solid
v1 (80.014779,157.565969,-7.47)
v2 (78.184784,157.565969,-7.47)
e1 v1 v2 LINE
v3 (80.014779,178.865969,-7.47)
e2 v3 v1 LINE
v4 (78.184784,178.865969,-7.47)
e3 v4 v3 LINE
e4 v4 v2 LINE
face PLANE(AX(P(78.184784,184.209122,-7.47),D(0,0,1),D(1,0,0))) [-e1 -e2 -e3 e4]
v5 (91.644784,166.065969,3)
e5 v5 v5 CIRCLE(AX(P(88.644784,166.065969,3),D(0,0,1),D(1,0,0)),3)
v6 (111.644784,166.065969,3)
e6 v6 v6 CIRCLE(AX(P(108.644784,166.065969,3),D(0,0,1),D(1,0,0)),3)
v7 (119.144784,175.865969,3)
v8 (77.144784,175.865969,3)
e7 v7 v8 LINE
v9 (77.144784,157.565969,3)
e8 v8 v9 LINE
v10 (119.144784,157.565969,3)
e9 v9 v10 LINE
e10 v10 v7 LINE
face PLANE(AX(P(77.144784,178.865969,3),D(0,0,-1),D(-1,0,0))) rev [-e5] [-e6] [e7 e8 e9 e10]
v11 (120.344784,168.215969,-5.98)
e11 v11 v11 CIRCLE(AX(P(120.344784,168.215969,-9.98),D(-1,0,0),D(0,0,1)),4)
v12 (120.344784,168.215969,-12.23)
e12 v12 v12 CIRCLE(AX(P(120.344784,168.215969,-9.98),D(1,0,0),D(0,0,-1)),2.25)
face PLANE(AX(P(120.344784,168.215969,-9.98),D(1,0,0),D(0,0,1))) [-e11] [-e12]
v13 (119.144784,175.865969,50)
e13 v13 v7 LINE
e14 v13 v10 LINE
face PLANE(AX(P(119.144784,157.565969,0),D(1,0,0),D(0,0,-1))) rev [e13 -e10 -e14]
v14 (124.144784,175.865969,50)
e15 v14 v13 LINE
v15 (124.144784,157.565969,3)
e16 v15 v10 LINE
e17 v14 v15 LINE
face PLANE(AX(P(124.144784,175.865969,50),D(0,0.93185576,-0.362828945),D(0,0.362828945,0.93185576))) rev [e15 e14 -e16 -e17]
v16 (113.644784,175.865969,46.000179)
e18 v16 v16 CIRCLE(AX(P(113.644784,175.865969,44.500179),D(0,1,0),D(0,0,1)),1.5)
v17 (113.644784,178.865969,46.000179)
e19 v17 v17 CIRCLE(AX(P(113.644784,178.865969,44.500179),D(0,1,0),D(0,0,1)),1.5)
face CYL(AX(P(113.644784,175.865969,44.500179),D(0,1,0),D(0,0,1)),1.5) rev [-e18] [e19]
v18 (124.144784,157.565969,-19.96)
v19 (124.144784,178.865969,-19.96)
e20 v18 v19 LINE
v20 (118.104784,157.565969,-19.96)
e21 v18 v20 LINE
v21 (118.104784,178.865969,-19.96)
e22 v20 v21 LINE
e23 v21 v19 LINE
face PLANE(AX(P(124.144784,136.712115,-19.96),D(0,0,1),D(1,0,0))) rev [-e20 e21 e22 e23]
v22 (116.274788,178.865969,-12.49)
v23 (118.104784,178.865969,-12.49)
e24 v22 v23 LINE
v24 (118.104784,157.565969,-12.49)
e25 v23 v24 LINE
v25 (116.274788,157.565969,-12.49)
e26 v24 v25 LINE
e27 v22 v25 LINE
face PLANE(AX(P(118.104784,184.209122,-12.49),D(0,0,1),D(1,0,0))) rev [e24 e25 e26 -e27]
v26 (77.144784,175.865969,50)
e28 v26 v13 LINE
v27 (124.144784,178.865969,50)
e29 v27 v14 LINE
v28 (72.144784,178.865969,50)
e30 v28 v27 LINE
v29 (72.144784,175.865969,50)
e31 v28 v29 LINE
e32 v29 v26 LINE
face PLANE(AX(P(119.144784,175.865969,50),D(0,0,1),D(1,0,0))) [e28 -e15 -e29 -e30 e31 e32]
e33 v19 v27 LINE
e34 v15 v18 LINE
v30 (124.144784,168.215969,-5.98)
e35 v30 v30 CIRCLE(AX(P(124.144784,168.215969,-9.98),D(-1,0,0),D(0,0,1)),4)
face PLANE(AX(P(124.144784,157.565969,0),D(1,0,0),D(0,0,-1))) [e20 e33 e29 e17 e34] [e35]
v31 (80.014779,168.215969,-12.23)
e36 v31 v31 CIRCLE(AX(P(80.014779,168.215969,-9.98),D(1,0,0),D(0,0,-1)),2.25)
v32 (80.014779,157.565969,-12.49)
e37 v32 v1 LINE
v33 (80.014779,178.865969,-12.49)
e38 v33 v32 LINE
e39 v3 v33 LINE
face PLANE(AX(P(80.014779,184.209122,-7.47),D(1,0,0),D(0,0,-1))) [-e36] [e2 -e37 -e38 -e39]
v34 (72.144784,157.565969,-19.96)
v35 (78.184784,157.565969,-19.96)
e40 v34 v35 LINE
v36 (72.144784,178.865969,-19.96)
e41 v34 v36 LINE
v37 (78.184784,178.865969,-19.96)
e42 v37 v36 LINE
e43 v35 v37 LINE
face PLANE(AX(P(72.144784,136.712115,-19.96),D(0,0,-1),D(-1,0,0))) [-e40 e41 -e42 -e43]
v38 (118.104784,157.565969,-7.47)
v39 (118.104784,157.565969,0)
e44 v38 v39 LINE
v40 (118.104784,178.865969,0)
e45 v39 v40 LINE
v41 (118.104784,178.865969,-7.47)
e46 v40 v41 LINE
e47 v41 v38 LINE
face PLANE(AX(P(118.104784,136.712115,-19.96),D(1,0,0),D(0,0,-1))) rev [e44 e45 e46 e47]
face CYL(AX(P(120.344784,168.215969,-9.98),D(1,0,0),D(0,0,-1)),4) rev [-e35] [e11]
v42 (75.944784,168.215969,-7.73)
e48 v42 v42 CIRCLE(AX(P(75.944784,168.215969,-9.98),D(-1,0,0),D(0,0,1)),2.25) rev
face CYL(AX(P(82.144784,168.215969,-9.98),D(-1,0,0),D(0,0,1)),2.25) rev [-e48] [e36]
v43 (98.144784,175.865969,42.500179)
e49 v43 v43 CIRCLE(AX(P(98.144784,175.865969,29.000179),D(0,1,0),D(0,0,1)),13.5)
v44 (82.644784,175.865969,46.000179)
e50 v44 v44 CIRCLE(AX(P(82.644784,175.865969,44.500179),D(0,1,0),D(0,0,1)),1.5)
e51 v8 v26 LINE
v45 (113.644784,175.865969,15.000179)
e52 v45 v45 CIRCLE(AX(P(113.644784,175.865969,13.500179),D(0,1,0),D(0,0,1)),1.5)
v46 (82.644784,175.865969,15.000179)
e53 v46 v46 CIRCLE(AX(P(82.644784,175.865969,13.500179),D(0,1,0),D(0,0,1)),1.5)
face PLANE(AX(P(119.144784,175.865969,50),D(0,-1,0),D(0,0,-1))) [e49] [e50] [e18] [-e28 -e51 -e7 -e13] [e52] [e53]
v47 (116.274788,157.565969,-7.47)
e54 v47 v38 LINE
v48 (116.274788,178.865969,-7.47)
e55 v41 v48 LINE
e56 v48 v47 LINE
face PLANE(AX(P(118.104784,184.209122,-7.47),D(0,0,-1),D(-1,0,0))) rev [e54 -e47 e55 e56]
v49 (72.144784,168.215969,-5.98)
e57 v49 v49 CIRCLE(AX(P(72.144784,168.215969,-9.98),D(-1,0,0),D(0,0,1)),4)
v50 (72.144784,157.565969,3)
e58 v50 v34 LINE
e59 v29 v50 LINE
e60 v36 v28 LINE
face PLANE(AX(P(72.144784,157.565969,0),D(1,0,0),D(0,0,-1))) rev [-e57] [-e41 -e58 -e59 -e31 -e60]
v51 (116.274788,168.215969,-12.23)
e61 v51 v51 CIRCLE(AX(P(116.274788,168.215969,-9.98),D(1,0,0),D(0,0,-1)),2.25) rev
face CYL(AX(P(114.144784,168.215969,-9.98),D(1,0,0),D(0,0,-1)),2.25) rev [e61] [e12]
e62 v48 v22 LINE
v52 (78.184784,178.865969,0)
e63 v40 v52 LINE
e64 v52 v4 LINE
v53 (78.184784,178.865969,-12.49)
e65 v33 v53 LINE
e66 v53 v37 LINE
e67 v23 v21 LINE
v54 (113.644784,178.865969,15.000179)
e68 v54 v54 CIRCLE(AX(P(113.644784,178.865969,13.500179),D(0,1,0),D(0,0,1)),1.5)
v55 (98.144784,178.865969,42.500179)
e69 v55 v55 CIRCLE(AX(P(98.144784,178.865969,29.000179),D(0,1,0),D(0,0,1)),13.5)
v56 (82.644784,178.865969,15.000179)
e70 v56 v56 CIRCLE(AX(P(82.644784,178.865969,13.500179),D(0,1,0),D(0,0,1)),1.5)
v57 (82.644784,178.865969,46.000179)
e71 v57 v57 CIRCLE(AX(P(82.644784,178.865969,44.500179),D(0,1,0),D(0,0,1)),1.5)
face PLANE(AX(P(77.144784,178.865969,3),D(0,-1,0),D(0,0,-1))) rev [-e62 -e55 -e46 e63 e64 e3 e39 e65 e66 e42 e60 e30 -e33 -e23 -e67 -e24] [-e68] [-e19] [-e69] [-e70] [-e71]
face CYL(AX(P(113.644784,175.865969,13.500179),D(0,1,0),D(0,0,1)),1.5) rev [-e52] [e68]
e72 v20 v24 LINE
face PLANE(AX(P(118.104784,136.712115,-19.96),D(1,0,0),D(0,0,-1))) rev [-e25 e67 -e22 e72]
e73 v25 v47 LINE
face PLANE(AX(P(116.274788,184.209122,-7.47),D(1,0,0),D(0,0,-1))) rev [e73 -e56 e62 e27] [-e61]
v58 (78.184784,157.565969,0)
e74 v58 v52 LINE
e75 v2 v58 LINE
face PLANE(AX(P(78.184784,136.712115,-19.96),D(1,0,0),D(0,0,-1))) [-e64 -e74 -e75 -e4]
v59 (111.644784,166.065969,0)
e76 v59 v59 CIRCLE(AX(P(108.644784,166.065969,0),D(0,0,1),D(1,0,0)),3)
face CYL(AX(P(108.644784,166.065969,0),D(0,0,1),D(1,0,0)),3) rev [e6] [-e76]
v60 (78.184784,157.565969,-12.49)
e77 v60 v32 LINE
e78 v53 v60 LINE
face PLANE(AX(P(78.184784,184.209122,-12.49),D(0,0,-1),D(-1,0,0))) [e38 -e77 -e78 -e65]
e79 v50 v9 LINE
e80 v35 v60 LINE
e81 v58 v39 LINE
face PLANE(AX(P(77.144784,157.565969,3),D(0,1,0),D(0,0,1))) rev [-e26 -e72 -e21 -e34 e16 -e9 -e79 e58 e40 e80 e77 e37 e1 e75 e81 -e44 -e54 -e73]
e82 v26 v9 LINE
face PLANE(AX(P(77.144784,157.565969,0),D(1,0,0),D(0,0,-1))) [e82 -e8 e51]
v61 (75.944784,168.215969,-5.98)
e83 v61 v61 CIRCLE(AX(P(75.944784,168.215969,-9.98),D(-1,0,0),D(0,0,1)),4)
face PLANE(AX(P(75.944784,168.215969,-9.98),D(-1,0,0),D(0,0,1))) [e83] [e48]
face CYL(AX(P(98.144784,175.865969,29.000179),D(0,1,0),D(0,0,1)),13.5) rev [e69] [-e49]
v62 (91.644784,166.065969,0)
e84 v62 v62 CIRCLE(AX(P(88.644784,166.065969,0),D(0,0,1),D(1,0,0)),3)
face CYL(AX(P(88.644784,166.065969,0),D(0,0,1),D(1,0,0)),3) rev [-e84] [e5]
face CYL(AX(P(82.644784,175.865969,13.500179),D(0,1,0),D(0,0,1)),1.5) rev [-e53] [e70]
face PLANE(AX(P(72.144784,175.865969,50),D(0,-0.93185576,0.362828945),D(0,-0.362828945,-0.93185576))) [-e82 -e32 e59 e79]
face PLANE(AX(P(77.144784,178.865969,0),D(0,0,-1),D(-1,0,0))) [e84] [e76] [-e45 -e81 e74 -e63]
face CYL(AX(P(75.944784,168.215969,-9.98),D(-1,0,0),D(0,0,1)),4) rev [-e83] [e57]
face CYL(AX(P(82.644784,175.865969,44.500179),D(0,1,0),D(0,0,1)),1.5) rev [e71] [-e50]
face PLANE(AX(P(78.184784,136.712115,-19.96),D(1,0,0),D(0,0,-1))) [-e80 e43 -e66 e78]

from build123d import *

# Parameters (mm, degrees)
SKETCH1_W           = 42
SKETCH1_H           = 21.3
BOSS_EXTRUDE1_DEPTH = 3
SKETCH2_R           = 3
CUT_EXTRUDE1_DEPTH  = 3
SKETCH4_W           = 42
SKETCH4_H           = 50
SKETCH4_R           = 1.5
SKETCH4_R_2         = 13.5
BOSS_EXTRUDE2_DEPTH = 3
BOSS_EXTRUDE3_DEPTH = 5
BOSS_EXTRUDE4_START = -42
BOSS_EXTRUDE4_DEPTH = 5
SKETCH6_W           = 6.04
SKETCH6_H           = 19.96
BOSS_EXTRUDE5_DEPTH = 21.3
SKETCH8_W           = 1.829995551
SKETCH8_H           = 5.02
BOSS_EXTRUDE6_DEPTH = 21.3
SKETCH7_R           = 2.25
CUT_EXTRUDE2_DEPTH  = 10
SKETCH9_R           = 4
CUT_EXTRUDE3_DEPTH  = 3.8


with BuildPart() as part:
    # Sketch1 → Boss-Extrude1 (new body)
    with BuildSketch(Plane.XY):
        with Locations((98.144783915, 168.215968794)):
            Rectangle(SKETCH1_W, SKETCH1_H)
    extrude(amount=BOSS_EXTRUDE1_DEPTH)

    # Sketch2 → Cut-Extrude1 (cut)
    with BuildSketch(Plane.XY.offset(3)):
        with Locations((108.644783915, 166.065968794)):
            Circle(SKETCH2_R)
        with Locations((88.644783915, 166.065968794)):
            Circle(SKETCH2_R)
    extrude(amount=-CUT_EXTRUDE1_DEPTH, mode=Mode.SUBTRACT)

    # Sketch4 → Boss-Extrude2 (add)
    with BuildSketch(Plane(origin=(0, 178.865968794, 0), x_dir=(-1, 0, 0), z_dir=(0, 1, 0))):
        with Locations((-98.144783915, 25)):
            Rectangle(SKETCH4_W, SKETCH4_H)
        with Locations((-113.644783915, 44.500179206)):
            Circle(SKETCH4_R, mode=Mode.SUBTRACT)
        with Locations((-82.644783915, 44.500179206)):
            Circle(SKETCH4_R, mode=Mode.SUBTRACT)
        with Locations((-82.644783915, 13.500179206)):
            Circle(SKETCH4_R, mode=Mode.SUBTRACT)
        with Locations((-113.644783915, 13.500179206)):
            Circle(SKETCH4_R, mode=Mode.SUBTRACT)
        with Locations((-98.144783915, 29.000179206)):
            Circle(SKETCH4_R_2, mode=Mode.SUBTRACT)
    extrude(amount=-BOSS_EXTRUDE2_DEPTH)

    # Sketch5 → Boss-Extrude3 (add)
    with BuildSketch(Plane(origin=(119.144783915, 0, 0), x_dir=(0, 0, -1), z_dir=(1, 0, 0))):
        Polygon((0, 157.565968794), (0, 178.865968794), (-50, 178.865968794), (-50, 175.865968794), (-3, 157.565968794), align=None)
    extrude(amount=BOSS_EXTRUDE3_DEPTH)

    # Sketch5<3> → Boss-Extrude4 (add)
    with BuildSketch(Plane(origin=(119.144783915, 0, 0), x_dir=(0, 0, -1), z_dir=(1, 0, 0)).offset(BOSS_EXTRUDE4_START)):
        Polygon((0, 157.565968794), (0, 178.865968794), (-50, 178.865968794), (-50, 175.865968794), (-3, 157.565968794), align=None)
    extrude(amount=-BOSS_EXTRUDE4_DEPTH)

    # Sketch6 → Boss-Extrude5 (add)
    with BuildSketch(Plane(origin=(0, 178.865968794, 0), x_dir=(1, 0, 0), z_dir=(0, 1, 0))):
        with Locations((75.164783915, 9.98)):
            Rectangle(SKETCH6_W, SKETCH6_H)
    boss_extrude5 = extrude(amount=-BOSS_EXTRUDE5_DEPTH)

    # Sketch8 → Boss-Extrude6 (add)
    with BuildSketch(Plane(origin=(0, 157.565968794, 0), x_dir=(-1, 0, 0), z_dir=(0, -1, 0))):
        with Locations((-79.099781691, 9.98)):
            Rectangle(SKETCH8_W, SKETCH8_H)
    boss_extrude6 = extrude(amount=-BOSS_EXTRUDE6_DEPTH)

    # Sketch7 → Cut-Extrude2 (cut)
    with BuildSketch(Plane.ZY.offset(-72.144783915)):
        with Locations((-9.98, 168.215968794)):
            Circle(SKETCH7_R)
    cut_extrude2 = extrude(amount=-CUT_EXTRUDE2_DEPTH, mode=Mode.SUBTRACT)

    # Sketch9 → Cut-Extrude3 (cut)
    with BuildSketch(Plane.ZY.offset(-72.144783915)):
        with Locations((-9.98, 168.215968794)):
            Circle(SKETCH9_R)
    cut_extrude3 = extrude(amount=-CUT_EXTRUDE3_DEPTH, mode=Mode.SUBTRACT)

    # Mirror1: Boss-Extrude5, Boss-Extrude6, Cut-Extrude2, Cut-Extrude3 across plane
    add(boss_extrude5.mirror(Plane.ZY.offset(-98.144783915)))
    add(boss_extrude6.mirror(Plane.ZY.offset(-98.144783915)))
    add(cut_extrude2.mirror(Plane.ZY.offset(-98.144783915)), mode=Mode.SUBTRACT)
    add(cut_extrude3.mirror(Plane.ZY.offset(-98.144783915)), mode=Mode.SUBTRACT)


solid = part.part
